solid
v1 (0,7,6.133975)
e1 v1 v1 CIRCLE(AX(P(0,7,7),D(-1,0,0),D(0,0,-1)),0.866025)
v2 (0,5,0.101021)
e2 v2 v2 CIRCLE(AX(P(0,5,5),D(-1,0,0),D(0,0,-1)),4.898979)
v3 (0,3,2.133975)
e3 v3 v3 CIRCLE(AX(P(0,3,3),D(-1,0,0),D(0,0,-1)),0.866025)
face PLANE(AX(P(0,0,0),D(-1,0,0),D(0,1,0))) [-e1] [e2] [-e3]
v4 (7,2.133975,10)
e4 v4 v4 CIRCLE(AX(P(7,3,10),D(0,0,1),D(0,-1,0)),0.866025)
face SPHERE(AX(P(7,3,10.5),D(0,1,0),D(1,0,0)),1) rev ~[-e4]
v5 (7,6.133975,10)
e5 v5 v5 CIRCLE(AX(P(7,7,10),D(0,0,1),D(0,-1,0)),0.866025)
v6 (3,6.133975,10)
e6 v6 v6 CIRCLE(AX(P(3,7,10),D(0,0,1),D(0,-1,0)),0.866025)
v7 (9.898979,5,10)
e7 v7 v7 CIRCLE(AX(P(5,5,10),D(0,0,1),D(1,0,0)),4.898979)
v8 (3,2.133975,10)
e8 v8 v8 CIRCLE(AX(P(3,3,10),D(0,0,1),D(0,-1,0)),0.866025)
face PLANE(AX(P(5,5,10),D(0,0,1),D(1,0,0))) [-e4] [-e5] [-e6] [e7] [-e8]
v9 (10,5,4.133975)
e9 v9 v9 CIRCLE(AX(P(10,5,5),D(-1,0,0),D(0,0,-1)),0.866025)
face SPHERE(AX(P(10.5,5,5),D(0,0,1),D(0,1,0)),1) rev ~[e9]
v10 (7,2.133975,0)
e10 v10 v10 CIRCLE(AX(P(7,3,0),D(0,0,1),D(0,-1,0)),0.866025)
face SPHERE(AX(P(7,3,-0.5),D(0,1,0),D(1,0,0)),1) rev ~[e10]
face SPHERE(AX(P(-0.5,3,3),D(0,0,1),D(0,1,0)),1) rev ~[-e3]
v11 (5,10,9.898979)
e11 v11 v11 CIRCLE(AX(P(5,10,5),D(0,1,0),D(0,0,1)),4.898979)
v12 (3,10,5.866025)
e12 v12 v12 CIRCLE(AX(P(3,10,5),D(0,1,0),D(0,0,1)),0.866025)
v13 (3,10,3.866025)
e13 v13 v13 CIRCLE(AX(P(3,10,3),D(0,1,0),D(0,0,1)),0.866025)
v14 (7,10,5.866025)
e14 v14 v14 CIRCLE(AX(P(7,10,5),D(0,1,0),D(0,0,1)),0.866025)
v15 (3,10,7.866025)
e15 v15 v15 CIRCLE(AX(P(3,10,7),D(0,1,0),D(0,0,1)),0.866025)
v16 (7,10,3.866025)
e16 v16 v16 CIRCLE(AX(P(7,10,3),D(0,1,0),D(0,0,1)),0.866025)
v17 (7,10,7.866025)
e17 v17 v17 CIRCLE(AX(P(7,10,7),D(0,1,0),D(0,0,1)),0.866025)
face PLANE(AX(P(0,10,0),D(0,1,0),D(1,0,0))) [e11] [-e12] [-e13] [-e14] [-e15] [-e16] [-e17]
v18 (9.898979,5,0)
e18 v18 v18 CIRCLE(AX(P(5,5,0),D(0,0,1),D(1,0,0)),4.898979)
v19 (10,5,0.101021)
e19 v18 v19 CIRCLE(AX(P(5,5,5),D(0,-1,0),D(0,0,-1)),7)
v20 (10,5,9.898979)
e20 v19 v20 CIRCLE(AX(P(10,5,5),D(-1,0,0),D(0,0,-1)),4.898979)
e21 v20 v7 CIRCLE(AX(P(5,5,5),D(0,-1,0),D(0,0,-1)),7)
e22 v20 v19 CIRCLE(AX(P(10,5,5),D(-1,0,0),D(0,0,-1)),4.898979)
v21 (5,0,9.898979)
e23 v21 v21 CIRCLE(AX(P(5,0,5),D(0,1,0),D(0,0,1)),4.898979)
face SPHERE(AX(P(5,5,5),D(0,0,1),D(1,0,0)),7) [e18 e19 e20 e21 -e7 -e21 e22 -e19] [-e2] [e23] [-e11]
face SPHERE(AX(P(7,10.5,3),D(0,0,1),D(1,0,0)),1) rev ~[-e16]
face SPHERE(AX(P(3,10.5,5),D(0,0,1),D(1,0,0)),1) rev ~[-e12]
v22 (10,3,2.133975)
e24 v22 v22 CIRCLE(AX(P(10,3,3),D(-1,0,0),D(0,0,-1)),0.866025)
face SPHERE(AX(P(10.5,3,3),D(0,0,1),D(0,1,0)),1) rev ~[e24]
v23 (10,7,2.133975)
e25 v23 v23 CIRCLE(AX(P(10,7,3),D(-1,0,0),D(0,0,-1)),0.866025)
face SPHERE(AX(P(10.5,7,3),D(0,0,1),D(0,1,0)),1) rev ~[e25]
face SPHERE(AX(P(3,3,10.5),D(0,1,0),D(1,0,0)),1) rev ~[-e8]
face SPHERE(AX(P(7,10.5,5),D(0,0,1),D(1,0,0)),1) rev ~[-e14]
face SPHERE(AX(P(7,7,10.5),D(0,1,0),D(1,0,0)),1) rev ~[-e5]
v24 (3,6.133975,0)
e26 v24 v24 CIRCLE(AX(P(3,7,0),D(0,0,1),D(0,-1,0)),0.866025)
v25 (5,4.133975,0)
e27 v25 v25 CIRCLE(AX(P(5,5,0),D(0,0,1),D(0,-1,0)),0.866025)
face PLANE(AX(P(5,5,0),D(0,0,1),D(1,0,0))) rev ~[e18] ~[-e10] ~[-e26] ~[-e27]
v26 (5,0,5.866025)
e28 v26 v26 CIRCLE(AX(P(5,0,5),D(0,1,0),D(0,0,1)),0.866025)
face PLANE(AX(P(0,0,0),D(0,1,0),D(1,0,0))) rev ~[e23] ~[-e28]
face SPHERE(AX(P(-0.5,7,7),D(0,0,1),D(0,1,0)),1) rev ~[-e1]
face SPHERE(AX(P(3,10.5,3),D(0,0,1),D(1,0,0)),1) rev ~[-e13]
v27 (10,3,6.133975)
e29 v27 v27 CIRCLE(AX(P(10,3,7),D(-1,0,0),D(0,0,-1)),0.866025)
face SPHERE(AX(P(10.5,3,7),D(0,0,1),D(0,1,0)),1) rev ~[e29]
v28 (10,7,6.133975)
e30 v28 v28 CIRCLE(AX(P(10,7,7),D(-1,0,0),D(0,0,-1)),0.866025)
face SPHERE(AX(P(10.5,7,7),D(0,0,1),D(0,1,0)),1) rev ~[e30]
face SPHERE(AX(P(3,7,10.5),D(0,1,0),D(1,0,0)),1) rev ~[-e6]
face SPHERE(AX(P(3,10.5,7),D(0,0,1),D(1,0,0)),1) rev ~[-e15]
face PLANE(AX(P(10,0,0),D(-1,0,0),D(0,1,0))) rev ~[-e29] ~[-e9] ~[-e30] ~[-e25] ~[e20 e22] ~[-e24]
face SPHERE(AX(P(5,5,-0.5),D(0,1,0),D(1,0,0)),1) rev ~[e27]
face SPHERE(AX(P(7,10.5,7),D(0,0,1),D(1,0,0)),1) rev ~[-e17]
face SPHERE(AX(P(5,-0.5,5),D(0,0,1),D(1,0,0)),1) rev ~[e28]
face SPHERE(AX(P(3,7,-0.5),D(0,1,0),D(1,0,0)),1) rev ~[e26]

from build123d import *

# Parameters (mm, degrees)
FUSION003_PLACEMENT_ANGLE = 90
FUSION001_PLACEMENT_ANGLE = 270
FUSION002_PLACEMENT_ANGLE = 270
FUSION_PLACEMENT_ANGLE    = 90
BOX_W                     = 10
BOX_H                     = 10
BOX_DEPTH                 = 10


with BuildPart() as sphere013:
    # Sphere014 → Sphere014 (revolve)
    with BuildSketch(Plane(origin=(3, 0, 3), x_dir=(1, 0, 0), z_dir=(0, -1, 0))):
        with BuildLine():
            ThreePointArc((0, -1), (1, 0), (0, 1))
            Line((0, 1), (0, -1))
        make_face()
    revolve(axis=Axis((3, 0, 3), (0, 0, 1)))


with BuildPart() as sphere012:
    # Sphere013 → Sphere013 (revolve)
    with BuildSketch(Plane(origin=(3, 0, 7), x_dir=(1, 0, 0), z_dir=(0, -1, 0))):
        with BuildLine():
            ThreePointArc((0, -1), (1, 0), (0, 1))
            Line((0, 1), (0, -1))
        make_face()
    revolve(axis=Axis((3, 0, 7), (0, 0, 1)))


with BuildPart() as sphere011:
    # Sphere012 → Sphere012 (revolve)
    with BuildSketch(Plane(origin=(7, 0, 3), x_dir=(1, 0, 0), z_dir=(0, -1, 0))):
        with BuildLine():
            ThreePointArc((0, -1), (1, 0), (0, 1))
            Line((0, 1), (0, -1))
        make_face()
    revolve(axis=Axis((7, 0, 3), (0, 0, 1)))


with BuildPart() as sphere010:
    # Sphere011 → Sphere011 (revolve)
    with BuildSketch(Plane(origin=(7, 0, 7), x_dir=(1, 0, 0), z_dir=(0, -1, 0))):
        with BuildLine():
            ThreePointArc((0, -1), (1, 0), (0, 1))
            Line((0, 1), (0, -1))
        make_face()
    revolve(axis=Axis((7, 0, 7), (0, 0, 1)))


with BuildPart() as side5:
    # Sphere015 → Sphere015 (revolve)
    with BuildSketch(Plane(origin=(5, 0, 5), x_dir=(1, 0, 0), z_dir=(0, -1, 0))):
        with BuildLine():
            ThreePointArc((0, -1), (1, 0), (0, 1))
            Line((0, 1), (0, -1))
        make_face()
    revolve(axis=Axis((5, 0, 5), (0, 0, 1)))

    # Fusion003: union Sphere013, Sphere012, Sphere011, Sphere010
    add(sphere013.part)
    add(sphere012.part)
    add(sphere011.part)
    add(sphere010.part)


with BuildPart() as side5_1:
    # Fusion003 placement: moved
    add(side5.part.moved(Location((10.5, 0, 0))).rotate(Axis((10.5, 0, 0), (0, 0, 1)), FUSION003_PLACEMENT_ANGLE))


with BuildPart() as side1:
    # Sphere001 → Sphere001 (revolve)
    with BuildSketch(Plane(origin=(5, -0.5, 5), x_dir=(1, 0, 0), z_dir=(0, -1, 0))):
        with BuildLine():
            ThreePointArc((0, -1), (1, 0), (0, 1))
            Line((0, 1), (0, -1))
        make_face()
    revolve(axis=Axis((5, -0.5, 5), (0, 0, 1)))


with BuildPart() as sphere004:
    # Sphere005 → Sphere005 (revolve)
    with BuildSketch(Plane(origin=(3, 0, 7), x_dir=(1, 0, 0), z_dir=(0, -1, 0))):
        with BuildLine():
            ThreePointArc((0, -1), (1, 0), (0, 1))
            Line((0, 1), (0, -1))
        make_face()
    revolve(axis=Axis((3, 0, 7), (0, 0, 1)))


with BuildPart() as sphere003:
    # Sphere004 → Sphere004 (revolve)
    with BuildSketch(Plane(origin=(5, 0, 5), x_dir=(1, 0, 0), z_dir=(0, -1, 0))):
        with BuildLine():
            ThreePointArc((0, -1), (1, 0), (0, 1))
            Line((0, 1), (0, -1))
        make_face()
    revolve(axis=Axis((5, 0, 5), (0, 0, 1)))


with BuildPart() as side3:
    # Sphere006 → Sphere006 (revolve)
    with BuildSketch(Plane(origin=(7, 0, 3), x_dir=(1, 0, 0), z_dir=(0, -1, 0))):
        with BuildLine():
            ThreePointArc((0, -1), (1, 0), (0, 1))
            Line((0, 1), (0, -1))
        make_face()
    revolve(axis=Axis((7, 0, 3), (0, 0, 1)))

    # Fusion001: union Sphere004, Sphere003
    add(sphere004.part)
    add(sphere003.part)


with BuildPart() as side3_1:
    # Fusion001 placement: moved
    add(side3.part.moved(Location((0, 0, -0.5))).rotate(Axis((0, 0, -0.5), (1, 0, 0)), FUSION001_PLACEMENT_ANGLE))


with BuildPart() as sphere008:
    # Sphere009 → Sphere009 (revolve)
    with BuildSketch(Plane(origin=(3, 0, 7), x_dir=(1, 0, 0), z_dir=(0, -1, 0))):
        with BuildLine():
            ThreePointArc((0, -1), (1, 0), (0, 1))
            Line((0, 1), (0, -1))
        make_face()
    revolve(axis=Axis((3, 0, 7), (0, 0, 1)))


with BuildPart() as sphere007:
    # Sphere008 → Sphere008 (revolve)
    with BuildSketch(Plane(origin=(7, 0, 3), x_dir=(1, 0, 0), z_dir=(0, -1, 0))):
        with BuildLine():
            ThreePointArc((0, -1), (1, 0), (0, 1))
            Line((0, 1), (0, -1))
        make_face()
    revolve(axis=Axis((7, 0, 3), (0, 0, 1)))


with BuildPart() as sphere006:
    # Sphere007 → Sphere007 (revolve)
    with BuildSketch(Plane(origin=(7, 0, 7), x_dir=(1, 0, 0), z_dir=(0, -1, 0))):
        with BuildLine():
            ThreePointArc((0, -1), (1, 0), (0, 1))
            Line((0, 1), (0, -1))
        make_face()
    revolve(axis=Axis((7, 0, 7), (0, 0, 1)))


with BuildPart() as side4:
    # Sphere010 → Sphere010 (revolve)
    with BuildSketch(Plane(origin=(3, 0, 3), x_dir=(1, 0, 0), z_dir=(0, -1, 0))):
        with BuildLine():
            ThreePointArc((0, -1), (1, 0), (0, 1))
            Line((0, 1), (0, -1))
        make_face()
    revolve(axis=Axis((3, 0, 3), (0, 0, 1)))

    # Fusion002: union Sphere008, Sphere007, Sphere006
    add(sphere008.part)
    add(sphere007.part)
    add(sphere006.part)


with BuildPart() as side4_1:
    # Fusion002 placement: moved
    add(side4.part.moved(Location((0, 0, 10.5))).rotate(Axis((0, 0, 10.5), (1, 0, 0)), FUSION002_PLACEMENT_ANGLE))


with BuildPart() as sphere001:
    # Sphere002 → Sphere002 (revolve)
    with BuildSketch(Plane(origin=(7, 0, 7), x_dir=(1, 0, 0), z_dir=(0, -1, 0))):
        with BuildLine():
            ThreePointArc((0, -1), (1, 0), (0, 1))
            Line((0, 1), (0, -1))
        make_face()
    revolve(axis=Axis((7, 0, 7), (0, 0, 1)))


with BuildPart() as side2:
    # Sphere003 → Sphere003 (revolve)
    with BuildSketch(Plane(origin=(3, 0, 3), x_dir=(1, 0, 0), z_dir=(0, -1, 0))):
        with BuildLine():
            ThreePointArc((0, -1), (1, 0), (0, 1))
            Line((0, 1), (0, -1))
        make_face()
    revolve(axis=Axis((3, 0, 3), (0, 0, 1)))

    # Fusion: union Sphere001
    add(sphere001.part)


with BuildPart() as side2_1:
    # Fusion placement: moved
    add(side2.part.moved(Location((-0.5, 0, 0))).rotate(Axis((-0.5, 0, 0), (0, 0, 1)), FUSION_PLACEMENT_ANGLE))


with BuildPart() as sphere019:
    # Sphere020 → Sphere020 (revolve)
    with BuildSketch(Plane(origin=(3, 0, 5), x_dir=(1, 0, 0), z_dir=(0, -1, 0))):
        with BuildLine():
            ThreePointArc((0, -1), (1, 0), (0, 1))
            Line((0, 1), (0, -1))
        make_face()
    revolve(axis=Axis((3, 0, 5), (0, 0, 1)))


with BuildPart() as sphere018:
    # Sphere019 → Sphere019 (revolve)
    with BuildSketch(Plane(origin=(3, 0, 3), x_dir=(1, 0, 0), z_dir=(0, -1, 0))):
        with BuildLine():
            ThreePointArc((0, -1), (1, 0), (0, 1))
            Line((0, 1), (0, -1))
        make_face()
    revolve(axis=Axis((3, 0, 3), (0, 0, 1)))


with BuildPart() as sphere017:
    # Sphere018 → Sphere018 (revolve)
    with BuildSketch(Plane(origin=(3, 0, 7), x_dir=(1, 0, 0), z_dir=(0, -1, 0))):
        with BuildLine():
            ThreePointArc((0, -1), (1, 0), (0, 1))
            Line((0, 1), (0, -1))
        make_face()
    revolve(axis=Axis((3, 0, 7), (0, 0, 1)))


with BuildPart() as sphere016:
    # Sphere017 → Sphere017 (revolve)
    with BuildSketch(Plane(origin=(7, 0, 3), x_dir=(1, 0, 0), z_dir=(0, -1, 0))):
        with BuildLine():
            ThreePointArc((0, -1), (1, 0), (0, 1))
            Line((0, 1), (0, -1))
        make_face()
    revolve(axis=Axis((7, 0, 3), (0, 0, 1)))


with BuildPart() as sphere015:
    # Sphere016 → Sphere016 (revolve)
    with BuildSketch(Plane(origin=(7, 0, 7), x_dir=(1, 0, 0), z_dir=(0, -1, 0))):
        with BuildLine():
            ThreePointArc((0, -1), (1, 0), (0, 1))
            Line((0, 1), (0, -1))
        make_face()
    revolve(axis=Axis((7, 0, 7), (0, 0, 1)))


with BuildPart() as sides:
    # Sphere021 → Sphere021 (revolve)
    with BuildSketch(Plane(origin=(7, 0, 5), x_dir=(1, 0, 0), z_dir=(0, -1, 0))):
        with BuildLine():
            ThreePointArc((0, -1), (1, 0), (0, 1))
            Line((0, 1), (0, -1))
        make_face()
    revolve(axis=Axis((7, 0, 5), (0, 0, 1)))

    # Fusion004: union Sphere019, Sphere018, Sphere017, Sphere016, Sphere015
    add(sphere019.part)
    add(sphere018.part)
    add(sphere017.part)
    add(sphere016.part)
    add(sphere015.part)


with BuildPart() as sides_1:
    # Fusion004 placement: moved
    add(sides.part.moved(Location((0, 10.5, 0))))

    # Fusion005: union Side5, Side1, Side3, Side4, Side2
    add(side5_1.part)
    add(side1.part)
    add(side3_1.part)
    add(side4_1.part)
    add(side2_1.part)


with BuildPart() as sphere:
    # Sphere → Sphere (revolve)
    with BuildSketch(Plane(origin=(5, 5, 5), x_dir=(1, 0, 0), z_dir=(0, -1, 0))):
        with BuildLine():
            ThreePointArc((0, -7), (7, 0), (0, 7))
            Line((0, 7), (0, -7))
        make_face()
    revolve(axis=Axis((5, 5, 5), (0, 0, 1)))


with BuildPart() as dice:
    # Box → Box (new body)
    with BuildSketch(Plane.XY):
        with Locations((5, 5)):
            Rectangle(BOX_W, BOX_H)
    extrude(amount=BOX_DEPTH)

    # Common: intersect Sphere
    add(sphere.part, mode=Mode.INTERSECT)

    # Cut: cut Sides
    add(sides_1.part, mode=Mode.SUBTRACT)


solid = dice.part
